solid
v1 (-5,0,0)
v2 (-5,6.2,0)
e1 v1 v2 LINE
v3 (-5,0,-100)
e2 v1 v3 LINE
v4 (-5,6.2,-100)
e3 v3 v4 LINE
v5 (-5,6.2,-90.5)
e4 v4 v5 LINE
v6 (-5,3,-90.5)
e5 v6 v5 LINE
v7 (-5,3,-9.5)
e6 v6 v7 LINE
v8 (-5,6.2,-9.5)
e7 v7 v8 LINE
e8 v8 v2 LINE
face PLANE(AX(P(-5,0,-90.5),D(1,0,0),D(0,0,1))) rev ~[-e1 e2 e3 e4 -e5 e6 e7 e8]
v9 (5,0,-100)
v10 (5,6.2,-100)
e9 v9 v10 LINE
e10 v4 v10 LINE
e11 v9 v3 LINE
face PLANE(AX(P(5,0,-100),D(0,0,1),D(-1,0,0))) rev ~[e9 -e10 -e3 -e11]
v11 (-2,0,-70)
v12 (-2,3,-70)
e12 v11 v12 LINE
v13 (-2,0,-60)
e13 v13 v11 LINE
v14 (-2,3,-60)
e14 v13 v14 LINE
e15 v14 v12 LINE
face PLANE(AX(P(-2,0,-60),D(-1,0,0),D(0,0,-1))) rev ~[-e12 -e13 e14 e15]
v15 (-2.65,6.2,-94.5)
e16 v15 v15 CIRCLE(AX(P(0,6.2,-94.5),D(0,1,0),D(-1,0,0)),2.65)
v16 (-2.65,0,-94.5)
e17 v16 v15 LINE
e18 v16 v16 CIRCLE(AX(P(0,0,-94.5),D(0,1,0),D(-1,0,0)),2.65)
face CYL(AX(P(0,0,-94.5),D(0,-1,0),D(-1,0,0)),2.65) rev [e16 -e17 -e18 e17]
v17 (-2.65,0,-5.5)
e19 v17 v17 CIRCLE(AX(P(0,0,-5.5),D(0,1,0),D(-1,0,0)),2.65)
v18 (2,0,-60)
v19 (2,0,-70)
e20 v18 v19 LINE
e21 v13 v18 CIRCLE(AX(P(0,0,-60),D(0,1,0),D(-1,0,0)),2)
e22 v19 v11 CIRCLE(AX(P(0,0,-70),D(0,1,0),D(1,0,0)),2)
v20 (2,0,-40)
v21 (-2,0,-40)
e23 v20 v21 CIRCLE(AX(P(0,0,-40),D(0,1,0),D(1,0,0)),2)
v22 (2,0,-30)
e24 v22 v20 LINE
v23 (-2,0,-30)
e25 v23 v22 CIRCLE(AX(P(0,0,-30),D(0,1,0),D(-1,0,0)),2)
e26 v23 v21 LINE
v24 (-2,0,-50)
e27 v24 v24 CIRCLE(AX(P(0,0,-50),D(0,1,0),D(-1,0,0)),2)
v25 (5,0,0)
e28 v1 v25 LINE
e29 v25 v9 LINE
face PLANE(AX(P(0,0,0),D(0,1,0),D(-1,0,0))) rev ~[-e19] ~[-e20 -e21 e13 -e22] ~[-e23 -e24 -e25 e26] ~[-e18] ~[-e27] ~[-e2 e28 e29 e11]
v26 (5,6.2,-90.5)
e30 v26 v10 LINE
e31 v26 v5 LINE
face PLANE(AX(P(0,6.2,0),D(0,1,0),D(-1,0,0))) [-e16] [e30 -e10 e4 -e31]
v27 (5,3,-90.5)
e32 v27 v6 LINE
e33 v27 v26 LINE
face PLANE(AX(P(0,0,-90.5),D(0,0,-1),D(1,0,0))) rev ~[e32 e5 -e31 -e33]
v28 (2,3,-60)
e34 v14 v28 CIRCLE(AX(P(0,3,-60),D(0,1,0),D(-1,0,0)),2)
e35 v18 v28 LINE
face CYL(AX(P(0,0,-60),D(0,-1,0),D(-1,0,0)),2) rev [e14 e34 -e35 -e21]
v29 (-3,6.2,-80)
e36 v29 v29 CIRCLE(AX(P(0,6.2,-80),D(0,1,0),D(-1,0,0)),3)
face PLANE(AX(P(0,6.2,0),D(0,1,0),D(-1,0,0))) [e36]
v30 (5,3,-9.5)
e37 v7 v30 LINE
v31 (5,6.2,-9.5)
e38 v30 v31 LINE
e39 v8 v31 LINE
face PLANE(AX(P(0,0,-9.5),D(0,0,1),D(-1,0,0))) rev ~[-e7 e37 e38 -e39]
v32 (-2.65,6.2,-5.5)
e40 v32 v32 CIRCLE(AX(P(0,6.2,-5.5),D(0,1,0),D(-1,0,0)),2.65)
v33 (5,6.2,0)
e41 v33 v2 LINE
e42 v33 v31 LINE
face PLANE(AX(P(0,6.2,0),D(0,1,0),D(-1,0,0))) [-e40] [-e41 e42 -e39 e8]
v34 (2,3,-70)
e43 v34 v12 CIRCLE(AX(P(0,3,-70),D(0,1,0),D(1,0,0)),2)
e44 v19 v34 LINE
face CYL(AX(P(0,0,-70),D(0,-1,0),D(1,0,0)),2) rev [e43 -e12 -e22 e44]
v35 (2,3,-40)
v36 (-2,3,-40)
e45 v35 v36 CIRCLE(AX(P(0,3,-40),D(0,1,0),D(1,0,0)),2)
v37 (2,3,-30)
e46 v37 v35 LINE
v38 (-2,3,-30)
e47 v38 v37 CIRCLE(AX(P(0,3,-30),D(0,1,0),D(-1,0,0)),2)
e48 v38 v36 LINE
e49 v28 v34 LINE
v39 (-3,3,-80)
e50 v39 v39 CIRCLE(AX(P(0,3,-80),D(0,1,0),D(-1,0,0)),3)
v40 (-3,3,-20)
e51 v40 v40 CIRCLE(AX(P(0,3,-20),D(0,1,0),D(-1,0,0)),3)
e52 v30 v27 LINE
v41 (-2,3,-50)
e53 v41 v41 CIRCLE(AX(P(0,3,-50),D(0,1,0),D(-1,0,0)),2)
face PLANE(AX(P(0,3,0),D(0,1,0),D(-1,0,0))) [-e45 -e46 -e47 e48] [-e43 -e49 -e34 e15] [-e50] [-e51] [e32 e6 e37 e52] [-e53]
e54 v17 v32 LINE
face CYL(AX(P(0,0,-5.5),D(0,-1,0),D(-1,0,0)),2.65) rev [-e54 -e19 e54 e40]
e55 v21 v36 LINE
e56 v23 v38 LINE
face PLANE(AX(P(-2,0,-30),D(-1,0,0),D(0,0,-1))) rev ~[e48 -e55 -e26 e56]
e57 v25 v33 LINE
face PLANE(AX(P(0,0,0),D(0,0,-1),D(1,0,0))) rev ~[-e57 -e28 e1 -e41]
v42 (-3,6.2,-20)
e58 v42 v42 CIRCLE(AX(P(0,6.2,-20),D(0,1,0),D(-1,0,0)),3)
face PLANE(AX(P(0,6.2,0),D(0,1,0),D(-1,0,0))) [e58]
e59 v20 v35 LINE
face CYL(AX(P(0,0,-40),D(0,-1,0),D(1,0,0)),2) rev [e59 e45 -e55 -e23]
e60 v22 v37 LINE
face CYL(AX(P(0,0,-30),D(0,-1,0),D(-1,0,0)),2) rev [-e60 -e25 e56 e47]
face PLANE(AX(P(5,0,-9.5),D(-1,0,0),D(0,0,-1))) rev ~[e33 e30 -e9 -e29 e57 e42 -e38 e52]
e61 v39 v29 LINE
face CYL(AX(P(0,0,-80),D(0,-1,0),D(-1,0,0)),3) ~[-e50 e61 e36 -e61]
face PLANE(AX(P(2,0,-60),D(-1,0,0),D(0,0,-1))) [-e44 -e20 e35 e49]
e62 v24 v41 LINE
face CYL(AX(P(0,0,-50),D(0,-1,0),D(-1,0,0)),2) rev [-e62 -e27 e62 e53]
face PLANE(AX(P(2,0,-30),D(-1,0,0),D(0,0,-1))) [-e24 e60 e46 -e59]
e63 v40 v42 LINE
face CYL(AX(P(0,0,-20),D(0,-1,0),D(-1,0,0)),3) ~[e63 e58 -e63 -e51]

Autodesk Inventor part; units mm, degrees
ref_plane "YZ Plane" through (0, 0, 0) normal (1, 0, 0) x (0, 1, 0)
ref_plane "XZ Plane" through (0, 0, 0) normal (0, 1, 0) x (-1, 0, 0)
ref_plane "XY Plane" through (0, 0, 0) normal (0, 0, 1) x (1, 0, 0)
sketch "Sketch1" plane through (0, 0, 0) normal (0, 1, 0) x (-1, 0, 0)
  circle A0 centre (0, -20) radius 3
  circle A1 centre (0, -80) radius 3
  circle A2 centre (0, -5.5) radius 2.65
  circle A3 centre (0, -94.5) radius 2.65
  line L0 (0, -100) -> (5, -100)
  line L1 (5, -100) -> (5, 0)
  line L2 (5, 0) -> (0, 0)
  line L3 (0, 0) -> (-5, 0)
  line L4 (-5, 0) -> (-5, -100)
  line L5 (-5, -100) -> (0, -100)
  line L6 (0, -90.5) -> (5, -90.5)
  line L7 (0, -90.5) -> (-5, -90.5)
  line L8 (0, -9.5) -> (5, -9.5)
  line L9 (0, -9.5) -> (-5, -9.5)
  arc A4 (2, -30) -> (-2, -30) centre (0, -30) ccw
  arc A5 (-2, -40) -> (2, -40) centre (0, -40) ccw
  arc A6 (2, -60) -> (-2, -60) centre (0, -60) ccw
  arc A7 (-2, -70) -> (2, -70) centre (0, -70) ccw
  circle A8 centre (0, -50) radius 2
  line L10 (2, -30) -> (2, -40)
  line L11 (-2, -30) -> (-2, -40)
  line L12 (2, -60) -> (2, -70)
  line L13 (-2, -60) -> (-2, -70)
  dimension "d0" = 100
  dimension "d3" = 6
  dimension "d4" = 6
  dimension "d10" = 5.3
  dimension "d11" = 5.3
  dimension "d12" = 5
  dimension "d13" = 5
  dimension "d20" = 4
  dimension "d21" = 4
  dimension "d22" = 4
  dimension "d23" = 4
  dimension "d24" = 4
extrude "Extrusion1" add sketch "Sketch1" along normal blind 3 contours L6 L7 L4 L9 L8 L1
extrude "Extrusion2" add sketch "Sketch1" along normal blind 6.2 contours A0 | A1 | L5 L4 L7 L6 L1 L0 | L8 L9 L4 L3 L2 L1
properties part number "roller_holder"
